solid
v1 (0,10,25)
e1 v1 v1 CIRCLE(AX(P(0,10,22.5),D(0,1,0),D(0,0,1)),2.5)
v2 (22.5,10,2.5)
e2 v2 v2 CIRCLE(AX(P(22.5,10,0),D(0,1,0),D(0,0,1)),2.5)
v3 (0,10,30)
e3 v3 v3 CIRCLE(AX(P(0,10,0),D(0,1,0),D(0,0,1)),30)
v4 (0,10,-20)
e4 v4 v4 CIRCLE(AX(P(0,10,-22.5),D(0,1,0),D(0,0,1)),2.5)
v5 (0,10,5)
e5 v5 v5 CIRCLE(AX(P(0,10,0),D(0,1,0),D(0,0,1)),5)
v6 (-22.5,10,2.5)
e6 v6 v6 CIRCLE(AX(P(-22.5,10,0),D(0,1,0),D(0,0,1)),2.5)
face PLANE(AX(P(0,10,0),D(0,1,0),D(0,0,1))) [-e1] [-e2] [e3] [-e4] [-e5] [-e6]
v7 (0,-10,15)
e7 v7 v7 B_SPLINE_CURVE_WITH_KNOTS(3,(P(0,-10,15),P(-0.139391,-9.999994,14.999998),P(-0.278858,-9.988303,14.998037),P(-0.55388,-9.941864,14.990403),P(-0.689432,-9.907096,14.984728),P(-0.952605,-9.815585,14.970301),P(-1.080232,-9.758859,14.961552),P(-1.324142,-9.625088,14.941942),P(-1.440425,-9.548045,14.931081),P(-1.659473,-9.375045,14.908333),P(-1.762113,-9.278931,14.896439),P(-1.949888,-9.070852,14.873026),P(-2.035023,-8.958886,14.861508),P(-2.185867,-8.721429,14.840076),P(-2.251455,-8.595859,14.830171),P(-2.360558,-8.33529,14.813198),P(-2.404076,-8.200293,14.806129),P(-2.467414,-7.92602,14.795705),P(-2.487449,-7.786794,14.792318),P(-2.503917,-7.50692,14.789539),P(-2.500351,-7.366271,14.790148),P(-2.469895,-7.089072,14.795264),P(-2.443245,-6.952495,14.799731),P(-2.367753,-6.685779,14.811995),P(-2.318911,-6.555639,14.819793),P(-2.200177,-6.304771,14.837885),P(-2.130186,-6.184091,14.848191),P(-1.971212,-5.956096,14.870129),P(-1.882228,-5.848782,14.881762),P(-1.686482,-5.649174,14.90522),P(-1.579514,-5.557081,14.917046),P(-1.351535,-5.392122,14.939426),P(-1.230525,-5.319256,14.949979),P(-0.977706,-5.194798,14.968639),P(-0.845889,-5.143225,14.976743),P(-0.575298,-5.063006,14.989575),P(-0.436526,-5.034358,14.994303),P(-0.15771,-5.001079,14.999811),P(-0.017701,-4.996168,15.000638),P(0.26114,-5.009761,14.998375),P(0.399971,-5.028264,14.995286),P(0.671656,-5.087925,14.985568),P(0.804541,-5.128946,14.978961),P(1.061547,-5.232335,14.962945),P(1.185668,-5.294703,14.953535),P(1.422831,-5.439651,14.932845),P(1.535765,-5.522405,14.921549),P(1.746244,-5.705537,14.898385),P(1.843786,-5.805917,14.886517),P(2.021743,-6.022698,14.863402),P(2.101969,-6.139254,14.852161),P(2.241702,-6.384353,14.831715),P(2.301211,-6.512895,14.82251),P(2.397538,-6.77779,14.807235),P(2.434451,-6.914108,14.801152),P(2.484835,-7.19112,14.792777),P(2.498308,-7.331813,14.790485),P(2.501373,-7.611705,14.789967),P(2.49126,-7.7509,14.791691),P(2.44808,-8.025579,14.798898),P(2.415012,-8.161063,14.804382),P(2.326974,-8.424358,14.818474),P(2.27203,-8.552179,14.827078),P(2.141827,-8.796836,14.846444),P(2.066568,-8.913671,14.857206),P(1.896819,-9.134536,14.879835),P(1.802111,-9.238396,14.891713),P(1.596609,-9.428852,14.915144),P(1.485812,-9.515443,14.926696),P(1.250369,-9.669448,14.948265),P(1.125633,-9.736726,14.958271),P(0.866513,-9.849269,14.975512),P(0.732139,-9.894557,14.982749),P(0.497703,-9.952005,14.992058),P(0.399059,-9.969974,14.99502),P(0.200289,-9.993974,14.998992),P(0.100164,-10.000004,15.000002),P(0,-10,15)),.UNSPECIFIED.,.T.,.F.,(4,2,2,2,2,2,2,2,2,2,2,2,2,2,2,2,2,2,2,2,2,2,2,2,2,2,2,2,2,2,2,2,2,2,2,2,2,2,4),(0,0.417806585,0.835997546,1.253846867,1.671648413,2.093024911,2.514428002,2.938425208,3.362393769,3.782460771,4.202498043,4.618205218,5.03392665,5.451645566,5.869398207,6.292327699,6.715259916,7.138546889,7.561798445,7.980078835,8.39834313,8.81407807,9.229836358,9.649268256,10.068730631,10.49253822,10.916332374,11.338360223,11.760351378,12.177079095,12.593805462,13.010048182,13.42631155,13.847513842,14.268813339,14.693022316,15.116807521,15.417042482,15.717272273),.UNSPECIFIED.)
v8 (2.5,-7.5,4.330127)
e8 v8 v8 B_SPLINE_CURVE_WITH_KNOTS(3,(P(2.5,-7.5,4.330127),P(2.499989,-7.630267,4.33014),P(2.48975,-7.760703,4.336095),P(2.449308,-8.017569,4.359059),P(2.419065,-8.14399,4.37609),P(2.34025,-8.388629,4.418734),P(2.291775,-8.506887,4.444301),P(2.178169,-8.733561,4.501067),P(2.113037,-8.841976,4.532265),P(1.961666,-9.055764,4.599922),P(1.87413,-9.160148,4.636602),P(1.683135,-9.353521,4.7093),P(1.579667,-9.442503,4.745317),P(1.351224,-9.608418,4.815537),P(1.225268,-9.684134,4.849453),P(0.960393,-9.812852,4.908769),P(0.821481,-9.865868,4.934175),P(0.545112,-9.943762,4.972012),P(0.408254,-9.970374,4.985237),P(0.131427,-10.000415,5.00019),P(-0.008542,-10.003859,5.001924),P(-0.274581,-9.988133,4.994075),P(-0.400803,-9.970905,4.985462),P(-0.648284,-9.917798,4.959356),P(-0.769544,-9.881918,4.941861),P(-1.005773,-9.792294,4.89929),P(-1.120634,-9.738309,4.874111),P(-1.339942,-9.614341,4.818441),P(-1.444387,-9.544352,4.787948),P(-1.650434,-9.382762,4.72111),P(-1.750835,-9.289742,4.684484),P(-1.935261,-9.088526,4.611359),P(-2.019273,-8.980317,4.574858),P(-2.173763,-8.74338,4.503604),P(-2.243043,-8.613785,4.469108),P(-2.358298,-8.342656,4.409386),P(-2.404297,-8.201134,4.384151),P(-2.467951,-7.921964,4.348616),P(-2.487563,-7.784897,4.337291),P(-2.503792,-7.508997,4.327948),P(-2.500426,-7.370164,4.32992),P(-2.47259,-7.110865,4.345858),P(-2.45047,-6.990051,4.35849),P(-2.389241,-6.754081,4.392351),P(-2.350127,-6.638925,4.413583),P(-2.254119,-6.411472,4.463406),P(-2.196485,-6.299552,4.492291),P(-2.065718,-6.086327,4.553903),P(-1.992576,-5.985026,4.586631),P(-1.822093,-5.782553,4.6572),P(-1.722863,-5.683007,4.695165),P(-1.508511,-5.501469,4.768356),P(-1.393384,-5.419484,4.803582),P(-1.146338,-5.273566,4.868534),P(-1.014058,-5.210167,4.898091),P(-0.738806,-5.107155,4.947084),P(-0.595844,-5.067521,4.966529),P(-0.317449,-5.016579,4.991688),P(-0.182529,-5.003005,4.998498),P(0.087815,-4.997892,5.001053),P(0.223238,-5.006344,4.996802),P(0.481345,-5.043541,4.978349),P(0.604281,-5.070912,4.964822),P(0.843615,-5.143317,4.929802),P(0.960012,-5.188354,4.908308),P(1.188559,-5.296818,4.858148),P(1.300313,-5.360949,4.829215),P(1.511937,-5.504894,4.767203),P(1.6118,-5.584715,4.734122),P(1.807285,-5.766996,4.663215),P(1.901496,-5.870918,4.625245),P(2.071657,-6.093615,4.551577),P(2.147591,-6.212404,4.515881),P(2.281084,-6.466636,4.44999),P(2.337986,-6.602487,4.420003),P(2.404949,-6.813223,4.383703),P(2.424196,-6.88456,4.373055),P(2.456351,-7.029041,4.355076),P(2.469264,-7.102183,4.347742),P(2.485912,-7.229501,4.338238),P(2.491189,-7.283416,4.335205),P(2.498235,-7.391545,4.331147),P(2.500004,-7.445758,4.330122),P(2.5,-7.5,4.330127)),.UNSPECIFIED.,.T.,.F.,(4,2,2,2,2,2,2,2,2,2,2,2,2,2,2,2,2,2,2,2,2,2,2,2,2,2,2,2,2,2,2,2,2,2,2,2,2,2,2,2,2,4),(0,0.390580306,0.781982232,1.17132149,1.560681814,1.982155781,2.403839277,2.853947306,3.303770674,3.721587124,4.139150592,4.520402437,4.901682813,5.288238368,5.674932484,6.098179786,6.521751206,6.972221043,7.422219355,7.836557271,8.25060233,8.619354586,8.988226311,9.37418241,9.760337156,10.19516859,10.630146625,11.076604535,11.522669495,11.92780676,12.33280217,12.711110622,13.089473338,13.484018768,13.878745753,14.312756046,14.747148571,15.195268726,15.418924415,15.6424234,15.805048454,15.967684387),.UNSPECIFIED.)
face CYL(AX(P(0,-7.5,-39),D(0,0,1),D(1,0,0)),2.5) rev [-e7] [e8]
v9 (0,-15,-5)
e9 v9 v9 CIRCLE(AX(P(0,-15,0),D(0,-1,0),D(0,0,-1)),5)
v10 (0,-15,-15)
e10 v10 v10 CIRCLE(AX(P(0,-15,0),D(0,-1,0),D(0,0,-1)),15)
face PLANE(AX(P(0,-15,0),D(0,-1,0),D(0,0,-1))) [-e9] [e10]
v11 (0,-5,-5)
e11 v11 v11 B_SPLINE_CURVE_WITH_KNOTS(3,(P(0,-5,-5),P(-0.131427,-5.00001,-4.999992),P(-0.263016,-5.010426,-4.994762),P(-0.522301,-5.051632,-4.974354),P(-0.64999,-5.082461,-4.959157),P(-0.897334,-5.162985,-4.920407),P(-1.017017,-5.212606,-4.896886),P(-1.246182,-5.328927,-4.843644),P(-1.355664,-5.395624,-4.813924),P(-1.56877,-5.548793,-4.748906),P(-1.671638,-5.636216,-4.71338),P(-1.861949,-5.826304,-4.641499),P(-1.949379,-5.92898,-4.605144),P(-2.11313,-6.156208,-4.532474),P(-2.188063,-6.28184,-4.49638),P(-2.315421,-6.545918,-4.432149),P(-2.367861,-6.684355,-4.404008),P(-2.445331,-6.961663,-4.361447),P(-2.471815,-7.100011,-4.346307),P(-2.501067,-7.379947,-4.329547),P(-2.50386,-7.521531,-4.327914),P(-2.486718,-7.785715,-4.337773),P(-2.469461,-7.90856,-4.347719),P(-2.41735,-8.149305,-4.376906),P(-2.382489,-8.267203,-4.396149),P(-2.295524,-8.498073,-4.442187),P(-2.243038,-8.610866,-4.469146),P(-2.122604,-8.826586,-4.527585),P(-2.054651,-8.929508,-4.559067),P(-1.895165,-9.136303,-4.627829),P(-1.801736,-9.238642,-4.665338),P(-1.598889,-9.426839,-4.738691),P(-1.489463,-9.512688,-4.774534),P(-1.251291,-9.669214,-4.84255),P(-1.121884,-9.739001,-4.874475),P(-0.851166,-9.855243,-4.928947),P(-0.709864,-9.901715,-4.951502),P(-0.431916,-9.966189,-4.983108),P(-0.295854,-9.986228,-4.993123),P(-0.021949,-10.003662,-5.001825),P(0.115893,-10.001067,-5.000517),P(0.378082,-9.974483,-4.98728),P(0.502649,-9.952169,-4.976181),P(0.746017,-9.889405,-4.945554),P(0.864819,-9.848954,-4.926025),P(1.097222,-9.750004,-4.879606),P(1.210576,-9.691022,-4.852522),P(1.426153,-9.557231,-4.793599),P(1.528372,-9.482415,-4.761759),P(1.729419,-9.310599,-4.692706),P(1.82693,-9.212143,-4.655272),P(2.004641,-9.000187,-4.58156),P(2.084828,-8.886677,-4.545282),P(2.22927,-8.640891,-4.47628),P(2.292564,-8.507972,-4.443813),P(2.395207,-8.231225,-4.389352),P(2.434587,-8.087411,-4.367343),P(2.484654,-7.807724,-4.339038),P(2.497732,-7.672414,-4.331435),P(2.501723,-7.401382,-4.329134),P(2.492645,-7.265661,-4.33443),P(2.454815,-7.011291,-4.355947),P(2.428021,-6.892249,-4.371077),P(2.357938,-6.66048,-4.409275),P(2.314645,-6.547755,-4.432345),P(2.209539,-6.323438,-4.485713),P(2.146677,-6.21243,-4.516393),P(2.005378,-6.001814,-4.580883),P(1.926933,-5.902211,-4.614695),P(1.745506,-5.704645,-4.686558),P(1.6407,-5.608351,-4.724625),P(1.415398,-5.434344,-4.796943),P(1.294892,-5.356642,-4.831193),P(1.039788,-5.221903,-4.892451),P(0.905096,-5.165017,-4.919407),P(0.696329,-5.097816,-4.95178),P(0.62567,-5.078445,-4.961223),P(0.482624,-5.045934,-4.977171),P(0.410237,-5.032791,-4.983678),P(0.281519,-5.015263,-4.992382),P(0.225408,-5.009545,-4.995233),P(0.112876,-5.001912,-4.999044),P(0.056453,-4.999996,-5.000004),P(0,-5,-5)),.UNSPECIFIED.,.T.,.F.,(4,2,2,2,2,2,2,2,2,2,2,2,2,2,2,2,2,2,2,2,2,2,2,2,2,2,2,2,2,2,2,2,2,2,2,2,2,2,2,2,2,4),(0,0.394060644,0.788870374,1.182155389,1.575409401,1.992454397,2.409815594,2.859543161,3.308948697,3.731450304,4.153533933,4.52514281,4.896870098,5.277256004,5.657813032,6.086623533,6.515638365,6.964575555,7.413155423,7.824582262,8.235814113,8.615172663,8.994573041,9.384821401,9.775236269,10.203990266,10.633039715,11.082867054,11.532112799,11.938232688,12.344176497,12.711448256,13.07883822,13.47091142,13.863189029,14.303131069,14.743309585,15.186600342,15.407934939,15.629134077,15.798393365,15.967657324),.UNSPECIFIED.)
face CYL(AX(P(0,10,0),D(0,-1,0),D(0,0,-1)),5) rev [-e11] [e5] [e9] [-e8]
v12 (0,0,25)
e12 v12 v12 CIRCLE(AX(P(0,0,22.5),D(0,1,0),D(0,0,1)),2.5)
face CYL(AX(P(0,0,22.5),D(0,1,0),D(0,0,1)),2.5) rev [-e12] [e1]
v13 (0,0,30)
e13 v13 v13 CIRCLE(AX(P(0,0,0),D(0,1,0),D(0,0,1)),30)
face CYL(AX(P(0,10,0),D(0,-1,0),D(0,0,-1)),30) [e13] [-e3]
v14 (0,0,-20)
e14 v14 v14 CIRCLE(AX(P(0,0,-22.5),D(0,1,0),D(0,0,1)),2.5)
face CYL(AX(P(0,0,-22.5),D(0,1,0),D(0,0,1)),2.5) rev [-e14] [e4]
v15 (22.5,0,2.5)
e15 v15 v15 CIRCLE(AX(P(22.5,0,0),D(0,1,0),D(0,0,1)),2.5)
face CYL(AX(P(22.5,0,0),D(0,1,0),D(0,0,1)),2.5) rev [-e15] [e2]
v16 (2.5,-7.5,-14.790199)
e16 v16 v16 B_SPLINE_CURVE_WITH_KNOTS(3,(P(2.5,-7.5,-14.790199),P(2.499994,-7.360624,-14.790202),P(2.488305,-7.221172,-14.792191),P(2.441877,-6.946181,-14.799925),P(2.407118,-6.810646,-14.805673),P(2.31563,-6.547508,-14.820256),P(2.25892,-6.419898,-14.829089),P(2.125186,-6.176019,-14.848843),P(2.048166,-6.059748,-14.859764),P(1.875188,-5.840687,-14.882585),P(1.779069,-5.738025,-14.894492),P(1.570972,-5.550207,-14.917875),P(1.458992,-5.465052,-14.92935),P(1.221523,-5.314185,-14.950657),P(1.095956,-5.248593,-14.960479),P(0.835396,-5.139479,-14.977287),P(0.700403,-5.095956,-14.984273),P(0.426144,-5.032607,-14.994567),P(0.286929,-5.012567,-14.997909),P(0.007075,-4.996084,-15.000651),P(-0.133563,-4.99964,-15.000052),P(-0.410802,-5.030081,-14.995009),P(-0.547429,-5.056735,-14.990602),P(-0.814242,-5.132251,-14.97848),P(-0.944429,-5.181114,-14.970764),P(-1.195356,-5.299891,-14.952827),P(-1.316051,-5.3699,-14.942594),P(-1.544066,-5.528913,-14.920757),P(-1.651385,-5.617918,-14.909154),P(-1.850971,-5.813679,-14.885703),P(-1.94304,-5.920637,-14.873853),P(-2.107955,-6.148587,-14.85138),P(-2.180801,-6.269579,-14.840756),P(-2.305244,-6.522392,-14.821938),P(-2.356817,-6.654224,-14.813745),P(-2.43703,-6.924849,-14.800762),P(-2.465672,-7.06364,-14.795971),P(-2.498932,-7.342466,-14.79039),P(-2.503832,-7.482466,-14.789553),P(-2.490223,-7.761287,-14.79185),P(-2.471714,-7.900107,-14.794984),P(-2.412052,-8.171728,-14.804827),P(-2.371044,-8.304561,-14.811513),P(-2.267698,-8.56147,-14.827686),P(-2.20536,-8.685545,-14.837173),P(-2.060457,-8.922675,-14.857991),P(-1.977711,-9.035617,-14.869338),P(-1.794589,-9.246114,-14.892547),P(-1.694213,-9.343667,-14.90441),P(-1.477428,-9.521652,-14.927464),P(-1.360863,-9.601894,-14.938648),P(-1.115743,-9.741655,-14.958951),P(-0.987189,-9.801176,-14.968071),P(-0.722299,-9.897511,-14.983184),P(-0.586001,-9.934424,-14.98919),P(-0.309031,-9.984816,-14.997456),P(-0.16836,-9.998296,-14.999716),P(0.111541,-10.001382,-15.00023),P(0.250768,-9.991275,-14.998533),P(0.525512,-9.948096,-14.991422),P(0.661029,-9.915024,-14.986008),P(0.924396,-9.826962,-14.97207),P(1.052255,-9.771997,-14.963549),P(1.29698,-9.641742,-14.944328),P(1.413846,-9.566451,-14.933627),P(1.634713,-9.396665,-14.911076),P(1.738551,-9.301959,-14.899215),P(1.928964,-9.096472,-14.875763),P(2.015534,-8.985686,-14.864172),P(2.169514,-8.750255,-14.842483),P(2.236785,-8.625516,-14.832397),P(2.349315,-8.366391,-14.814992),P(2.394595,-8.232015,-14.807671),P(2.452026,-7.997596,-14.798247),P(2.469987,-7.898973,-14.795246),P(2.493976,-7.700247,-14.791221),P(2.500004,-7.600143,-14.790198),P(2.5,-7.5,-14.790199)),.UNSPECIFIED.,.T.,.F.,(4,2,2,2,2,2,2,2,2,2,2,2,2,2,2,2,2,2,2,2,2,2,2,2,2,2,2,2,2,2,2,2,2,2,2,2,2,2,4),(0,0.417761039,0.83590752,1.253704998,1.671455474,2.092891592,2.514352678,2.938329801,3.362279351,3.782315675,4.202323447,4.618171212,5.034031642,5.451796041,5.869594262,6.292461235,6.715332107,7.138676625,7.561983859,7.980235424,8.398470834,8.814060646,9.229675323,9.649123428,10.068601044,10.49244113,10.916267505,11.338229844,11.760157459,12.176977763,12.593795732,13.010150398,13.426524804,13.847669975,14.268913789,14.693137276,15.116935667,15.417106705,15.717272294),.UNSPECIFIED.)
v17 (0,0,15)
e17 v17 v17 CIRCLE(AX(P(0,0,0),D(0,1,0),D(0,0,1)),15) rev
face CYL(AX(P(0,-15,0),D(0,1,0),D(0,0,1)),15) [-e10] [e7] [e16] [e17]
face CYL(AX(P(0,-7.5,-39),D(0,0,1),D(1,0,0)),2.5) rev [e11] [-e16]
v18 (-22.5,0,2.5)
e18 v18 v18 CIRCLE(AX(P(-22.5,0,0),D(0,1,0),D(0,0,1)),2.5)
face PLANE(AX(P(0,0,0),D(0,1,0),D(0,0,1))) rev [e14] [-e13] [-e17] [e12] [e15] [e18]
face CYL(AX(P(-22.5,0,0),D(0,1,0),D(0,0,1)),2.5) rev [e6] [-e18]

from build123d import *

# Parameters (mm, degrees)
SKETCH1_R               = 30
SKETCH1_R_2             = 5
BOSS_EXTRUDE4_DEPTH     = 10
SKETCH2_R               = 2.5
CUT_EXTRUDE1_DEPTH      = 10
BOSS_EXTRUDE5_START     = 15
SKETCH3_R               = 15
SKETCH3_R_2             = 5
BOSS_EXTRUDE5_DEPTH     = 15
CUT_EXTRUDE2_DEPTH      = 54
CUT_EXTRUDE2_DEPTH_BACK = 39
SKETCH4_R               = 2.5


with BuildPart() as part:
    # Sketch1 → Boss-Extrude4 (new body)
    with BuildSketch(Plane(origin=(0, 0, 0), x_dir=(1, 0, 0), z_dir=(0, 1, 0))):
        Circle(SKETCH1_R)
        Circle(SKETCH1_R_2, mode=Mode.SUBTRACT)
    extrude(amount=BOSS_EXTRUDE4_DEPTH)

    # Sketch2 → Cut-Extrude1 (cut)
    with BuildSketch(Plane(origin=(0, 10, 0), x_dir=(1, 0, 0), z_dir=(0, 1, 0))):
        with Locations((0, 22.5)):
            Circle(SKETCH2_R)
        with Locations((22.5, 0)):
            Circle(SKETCH2_R)
        with Locations((0, -22.5)):
            Circle(SKETCH2_R)
        with Locations((-22.5, 0)):
            Circle(SKETCH2_R)
    extrude(amount=-CUT_EXTRUDE1_DEPTH, mode=Mode.SUBTRACT)

    # Sketch3 → Boss-Extrude5 (add)
    with BuildSketch(Plane.XZ.offset(BOSS_EXTRUDE5_START)):
        Circle(SKETCH3_R)
        Circle(SKETCH3_R_2, mode=Mode.SUBTRACT)
    extrude(amount=-BOSS_EXTRUDE5_DEPTH)

    # Sketch4 → Cut-Extrude2 (cut, two sides: drawn at the far end of the back side and taken through both)
    with BuildSketch(Plane.XY.offset(-CUT_EXTRUDE2_DEPTH_BACK)):
        with Locations((0, -7.5)):
            Circle(SKETCH4_R)
    extrude(amount=CUT_EXTRUDE2_DEPTH + CUT_EXTRUDE2_DEPTH_BACK, mode=Mode.SUBTRACT)


solid = part.part
